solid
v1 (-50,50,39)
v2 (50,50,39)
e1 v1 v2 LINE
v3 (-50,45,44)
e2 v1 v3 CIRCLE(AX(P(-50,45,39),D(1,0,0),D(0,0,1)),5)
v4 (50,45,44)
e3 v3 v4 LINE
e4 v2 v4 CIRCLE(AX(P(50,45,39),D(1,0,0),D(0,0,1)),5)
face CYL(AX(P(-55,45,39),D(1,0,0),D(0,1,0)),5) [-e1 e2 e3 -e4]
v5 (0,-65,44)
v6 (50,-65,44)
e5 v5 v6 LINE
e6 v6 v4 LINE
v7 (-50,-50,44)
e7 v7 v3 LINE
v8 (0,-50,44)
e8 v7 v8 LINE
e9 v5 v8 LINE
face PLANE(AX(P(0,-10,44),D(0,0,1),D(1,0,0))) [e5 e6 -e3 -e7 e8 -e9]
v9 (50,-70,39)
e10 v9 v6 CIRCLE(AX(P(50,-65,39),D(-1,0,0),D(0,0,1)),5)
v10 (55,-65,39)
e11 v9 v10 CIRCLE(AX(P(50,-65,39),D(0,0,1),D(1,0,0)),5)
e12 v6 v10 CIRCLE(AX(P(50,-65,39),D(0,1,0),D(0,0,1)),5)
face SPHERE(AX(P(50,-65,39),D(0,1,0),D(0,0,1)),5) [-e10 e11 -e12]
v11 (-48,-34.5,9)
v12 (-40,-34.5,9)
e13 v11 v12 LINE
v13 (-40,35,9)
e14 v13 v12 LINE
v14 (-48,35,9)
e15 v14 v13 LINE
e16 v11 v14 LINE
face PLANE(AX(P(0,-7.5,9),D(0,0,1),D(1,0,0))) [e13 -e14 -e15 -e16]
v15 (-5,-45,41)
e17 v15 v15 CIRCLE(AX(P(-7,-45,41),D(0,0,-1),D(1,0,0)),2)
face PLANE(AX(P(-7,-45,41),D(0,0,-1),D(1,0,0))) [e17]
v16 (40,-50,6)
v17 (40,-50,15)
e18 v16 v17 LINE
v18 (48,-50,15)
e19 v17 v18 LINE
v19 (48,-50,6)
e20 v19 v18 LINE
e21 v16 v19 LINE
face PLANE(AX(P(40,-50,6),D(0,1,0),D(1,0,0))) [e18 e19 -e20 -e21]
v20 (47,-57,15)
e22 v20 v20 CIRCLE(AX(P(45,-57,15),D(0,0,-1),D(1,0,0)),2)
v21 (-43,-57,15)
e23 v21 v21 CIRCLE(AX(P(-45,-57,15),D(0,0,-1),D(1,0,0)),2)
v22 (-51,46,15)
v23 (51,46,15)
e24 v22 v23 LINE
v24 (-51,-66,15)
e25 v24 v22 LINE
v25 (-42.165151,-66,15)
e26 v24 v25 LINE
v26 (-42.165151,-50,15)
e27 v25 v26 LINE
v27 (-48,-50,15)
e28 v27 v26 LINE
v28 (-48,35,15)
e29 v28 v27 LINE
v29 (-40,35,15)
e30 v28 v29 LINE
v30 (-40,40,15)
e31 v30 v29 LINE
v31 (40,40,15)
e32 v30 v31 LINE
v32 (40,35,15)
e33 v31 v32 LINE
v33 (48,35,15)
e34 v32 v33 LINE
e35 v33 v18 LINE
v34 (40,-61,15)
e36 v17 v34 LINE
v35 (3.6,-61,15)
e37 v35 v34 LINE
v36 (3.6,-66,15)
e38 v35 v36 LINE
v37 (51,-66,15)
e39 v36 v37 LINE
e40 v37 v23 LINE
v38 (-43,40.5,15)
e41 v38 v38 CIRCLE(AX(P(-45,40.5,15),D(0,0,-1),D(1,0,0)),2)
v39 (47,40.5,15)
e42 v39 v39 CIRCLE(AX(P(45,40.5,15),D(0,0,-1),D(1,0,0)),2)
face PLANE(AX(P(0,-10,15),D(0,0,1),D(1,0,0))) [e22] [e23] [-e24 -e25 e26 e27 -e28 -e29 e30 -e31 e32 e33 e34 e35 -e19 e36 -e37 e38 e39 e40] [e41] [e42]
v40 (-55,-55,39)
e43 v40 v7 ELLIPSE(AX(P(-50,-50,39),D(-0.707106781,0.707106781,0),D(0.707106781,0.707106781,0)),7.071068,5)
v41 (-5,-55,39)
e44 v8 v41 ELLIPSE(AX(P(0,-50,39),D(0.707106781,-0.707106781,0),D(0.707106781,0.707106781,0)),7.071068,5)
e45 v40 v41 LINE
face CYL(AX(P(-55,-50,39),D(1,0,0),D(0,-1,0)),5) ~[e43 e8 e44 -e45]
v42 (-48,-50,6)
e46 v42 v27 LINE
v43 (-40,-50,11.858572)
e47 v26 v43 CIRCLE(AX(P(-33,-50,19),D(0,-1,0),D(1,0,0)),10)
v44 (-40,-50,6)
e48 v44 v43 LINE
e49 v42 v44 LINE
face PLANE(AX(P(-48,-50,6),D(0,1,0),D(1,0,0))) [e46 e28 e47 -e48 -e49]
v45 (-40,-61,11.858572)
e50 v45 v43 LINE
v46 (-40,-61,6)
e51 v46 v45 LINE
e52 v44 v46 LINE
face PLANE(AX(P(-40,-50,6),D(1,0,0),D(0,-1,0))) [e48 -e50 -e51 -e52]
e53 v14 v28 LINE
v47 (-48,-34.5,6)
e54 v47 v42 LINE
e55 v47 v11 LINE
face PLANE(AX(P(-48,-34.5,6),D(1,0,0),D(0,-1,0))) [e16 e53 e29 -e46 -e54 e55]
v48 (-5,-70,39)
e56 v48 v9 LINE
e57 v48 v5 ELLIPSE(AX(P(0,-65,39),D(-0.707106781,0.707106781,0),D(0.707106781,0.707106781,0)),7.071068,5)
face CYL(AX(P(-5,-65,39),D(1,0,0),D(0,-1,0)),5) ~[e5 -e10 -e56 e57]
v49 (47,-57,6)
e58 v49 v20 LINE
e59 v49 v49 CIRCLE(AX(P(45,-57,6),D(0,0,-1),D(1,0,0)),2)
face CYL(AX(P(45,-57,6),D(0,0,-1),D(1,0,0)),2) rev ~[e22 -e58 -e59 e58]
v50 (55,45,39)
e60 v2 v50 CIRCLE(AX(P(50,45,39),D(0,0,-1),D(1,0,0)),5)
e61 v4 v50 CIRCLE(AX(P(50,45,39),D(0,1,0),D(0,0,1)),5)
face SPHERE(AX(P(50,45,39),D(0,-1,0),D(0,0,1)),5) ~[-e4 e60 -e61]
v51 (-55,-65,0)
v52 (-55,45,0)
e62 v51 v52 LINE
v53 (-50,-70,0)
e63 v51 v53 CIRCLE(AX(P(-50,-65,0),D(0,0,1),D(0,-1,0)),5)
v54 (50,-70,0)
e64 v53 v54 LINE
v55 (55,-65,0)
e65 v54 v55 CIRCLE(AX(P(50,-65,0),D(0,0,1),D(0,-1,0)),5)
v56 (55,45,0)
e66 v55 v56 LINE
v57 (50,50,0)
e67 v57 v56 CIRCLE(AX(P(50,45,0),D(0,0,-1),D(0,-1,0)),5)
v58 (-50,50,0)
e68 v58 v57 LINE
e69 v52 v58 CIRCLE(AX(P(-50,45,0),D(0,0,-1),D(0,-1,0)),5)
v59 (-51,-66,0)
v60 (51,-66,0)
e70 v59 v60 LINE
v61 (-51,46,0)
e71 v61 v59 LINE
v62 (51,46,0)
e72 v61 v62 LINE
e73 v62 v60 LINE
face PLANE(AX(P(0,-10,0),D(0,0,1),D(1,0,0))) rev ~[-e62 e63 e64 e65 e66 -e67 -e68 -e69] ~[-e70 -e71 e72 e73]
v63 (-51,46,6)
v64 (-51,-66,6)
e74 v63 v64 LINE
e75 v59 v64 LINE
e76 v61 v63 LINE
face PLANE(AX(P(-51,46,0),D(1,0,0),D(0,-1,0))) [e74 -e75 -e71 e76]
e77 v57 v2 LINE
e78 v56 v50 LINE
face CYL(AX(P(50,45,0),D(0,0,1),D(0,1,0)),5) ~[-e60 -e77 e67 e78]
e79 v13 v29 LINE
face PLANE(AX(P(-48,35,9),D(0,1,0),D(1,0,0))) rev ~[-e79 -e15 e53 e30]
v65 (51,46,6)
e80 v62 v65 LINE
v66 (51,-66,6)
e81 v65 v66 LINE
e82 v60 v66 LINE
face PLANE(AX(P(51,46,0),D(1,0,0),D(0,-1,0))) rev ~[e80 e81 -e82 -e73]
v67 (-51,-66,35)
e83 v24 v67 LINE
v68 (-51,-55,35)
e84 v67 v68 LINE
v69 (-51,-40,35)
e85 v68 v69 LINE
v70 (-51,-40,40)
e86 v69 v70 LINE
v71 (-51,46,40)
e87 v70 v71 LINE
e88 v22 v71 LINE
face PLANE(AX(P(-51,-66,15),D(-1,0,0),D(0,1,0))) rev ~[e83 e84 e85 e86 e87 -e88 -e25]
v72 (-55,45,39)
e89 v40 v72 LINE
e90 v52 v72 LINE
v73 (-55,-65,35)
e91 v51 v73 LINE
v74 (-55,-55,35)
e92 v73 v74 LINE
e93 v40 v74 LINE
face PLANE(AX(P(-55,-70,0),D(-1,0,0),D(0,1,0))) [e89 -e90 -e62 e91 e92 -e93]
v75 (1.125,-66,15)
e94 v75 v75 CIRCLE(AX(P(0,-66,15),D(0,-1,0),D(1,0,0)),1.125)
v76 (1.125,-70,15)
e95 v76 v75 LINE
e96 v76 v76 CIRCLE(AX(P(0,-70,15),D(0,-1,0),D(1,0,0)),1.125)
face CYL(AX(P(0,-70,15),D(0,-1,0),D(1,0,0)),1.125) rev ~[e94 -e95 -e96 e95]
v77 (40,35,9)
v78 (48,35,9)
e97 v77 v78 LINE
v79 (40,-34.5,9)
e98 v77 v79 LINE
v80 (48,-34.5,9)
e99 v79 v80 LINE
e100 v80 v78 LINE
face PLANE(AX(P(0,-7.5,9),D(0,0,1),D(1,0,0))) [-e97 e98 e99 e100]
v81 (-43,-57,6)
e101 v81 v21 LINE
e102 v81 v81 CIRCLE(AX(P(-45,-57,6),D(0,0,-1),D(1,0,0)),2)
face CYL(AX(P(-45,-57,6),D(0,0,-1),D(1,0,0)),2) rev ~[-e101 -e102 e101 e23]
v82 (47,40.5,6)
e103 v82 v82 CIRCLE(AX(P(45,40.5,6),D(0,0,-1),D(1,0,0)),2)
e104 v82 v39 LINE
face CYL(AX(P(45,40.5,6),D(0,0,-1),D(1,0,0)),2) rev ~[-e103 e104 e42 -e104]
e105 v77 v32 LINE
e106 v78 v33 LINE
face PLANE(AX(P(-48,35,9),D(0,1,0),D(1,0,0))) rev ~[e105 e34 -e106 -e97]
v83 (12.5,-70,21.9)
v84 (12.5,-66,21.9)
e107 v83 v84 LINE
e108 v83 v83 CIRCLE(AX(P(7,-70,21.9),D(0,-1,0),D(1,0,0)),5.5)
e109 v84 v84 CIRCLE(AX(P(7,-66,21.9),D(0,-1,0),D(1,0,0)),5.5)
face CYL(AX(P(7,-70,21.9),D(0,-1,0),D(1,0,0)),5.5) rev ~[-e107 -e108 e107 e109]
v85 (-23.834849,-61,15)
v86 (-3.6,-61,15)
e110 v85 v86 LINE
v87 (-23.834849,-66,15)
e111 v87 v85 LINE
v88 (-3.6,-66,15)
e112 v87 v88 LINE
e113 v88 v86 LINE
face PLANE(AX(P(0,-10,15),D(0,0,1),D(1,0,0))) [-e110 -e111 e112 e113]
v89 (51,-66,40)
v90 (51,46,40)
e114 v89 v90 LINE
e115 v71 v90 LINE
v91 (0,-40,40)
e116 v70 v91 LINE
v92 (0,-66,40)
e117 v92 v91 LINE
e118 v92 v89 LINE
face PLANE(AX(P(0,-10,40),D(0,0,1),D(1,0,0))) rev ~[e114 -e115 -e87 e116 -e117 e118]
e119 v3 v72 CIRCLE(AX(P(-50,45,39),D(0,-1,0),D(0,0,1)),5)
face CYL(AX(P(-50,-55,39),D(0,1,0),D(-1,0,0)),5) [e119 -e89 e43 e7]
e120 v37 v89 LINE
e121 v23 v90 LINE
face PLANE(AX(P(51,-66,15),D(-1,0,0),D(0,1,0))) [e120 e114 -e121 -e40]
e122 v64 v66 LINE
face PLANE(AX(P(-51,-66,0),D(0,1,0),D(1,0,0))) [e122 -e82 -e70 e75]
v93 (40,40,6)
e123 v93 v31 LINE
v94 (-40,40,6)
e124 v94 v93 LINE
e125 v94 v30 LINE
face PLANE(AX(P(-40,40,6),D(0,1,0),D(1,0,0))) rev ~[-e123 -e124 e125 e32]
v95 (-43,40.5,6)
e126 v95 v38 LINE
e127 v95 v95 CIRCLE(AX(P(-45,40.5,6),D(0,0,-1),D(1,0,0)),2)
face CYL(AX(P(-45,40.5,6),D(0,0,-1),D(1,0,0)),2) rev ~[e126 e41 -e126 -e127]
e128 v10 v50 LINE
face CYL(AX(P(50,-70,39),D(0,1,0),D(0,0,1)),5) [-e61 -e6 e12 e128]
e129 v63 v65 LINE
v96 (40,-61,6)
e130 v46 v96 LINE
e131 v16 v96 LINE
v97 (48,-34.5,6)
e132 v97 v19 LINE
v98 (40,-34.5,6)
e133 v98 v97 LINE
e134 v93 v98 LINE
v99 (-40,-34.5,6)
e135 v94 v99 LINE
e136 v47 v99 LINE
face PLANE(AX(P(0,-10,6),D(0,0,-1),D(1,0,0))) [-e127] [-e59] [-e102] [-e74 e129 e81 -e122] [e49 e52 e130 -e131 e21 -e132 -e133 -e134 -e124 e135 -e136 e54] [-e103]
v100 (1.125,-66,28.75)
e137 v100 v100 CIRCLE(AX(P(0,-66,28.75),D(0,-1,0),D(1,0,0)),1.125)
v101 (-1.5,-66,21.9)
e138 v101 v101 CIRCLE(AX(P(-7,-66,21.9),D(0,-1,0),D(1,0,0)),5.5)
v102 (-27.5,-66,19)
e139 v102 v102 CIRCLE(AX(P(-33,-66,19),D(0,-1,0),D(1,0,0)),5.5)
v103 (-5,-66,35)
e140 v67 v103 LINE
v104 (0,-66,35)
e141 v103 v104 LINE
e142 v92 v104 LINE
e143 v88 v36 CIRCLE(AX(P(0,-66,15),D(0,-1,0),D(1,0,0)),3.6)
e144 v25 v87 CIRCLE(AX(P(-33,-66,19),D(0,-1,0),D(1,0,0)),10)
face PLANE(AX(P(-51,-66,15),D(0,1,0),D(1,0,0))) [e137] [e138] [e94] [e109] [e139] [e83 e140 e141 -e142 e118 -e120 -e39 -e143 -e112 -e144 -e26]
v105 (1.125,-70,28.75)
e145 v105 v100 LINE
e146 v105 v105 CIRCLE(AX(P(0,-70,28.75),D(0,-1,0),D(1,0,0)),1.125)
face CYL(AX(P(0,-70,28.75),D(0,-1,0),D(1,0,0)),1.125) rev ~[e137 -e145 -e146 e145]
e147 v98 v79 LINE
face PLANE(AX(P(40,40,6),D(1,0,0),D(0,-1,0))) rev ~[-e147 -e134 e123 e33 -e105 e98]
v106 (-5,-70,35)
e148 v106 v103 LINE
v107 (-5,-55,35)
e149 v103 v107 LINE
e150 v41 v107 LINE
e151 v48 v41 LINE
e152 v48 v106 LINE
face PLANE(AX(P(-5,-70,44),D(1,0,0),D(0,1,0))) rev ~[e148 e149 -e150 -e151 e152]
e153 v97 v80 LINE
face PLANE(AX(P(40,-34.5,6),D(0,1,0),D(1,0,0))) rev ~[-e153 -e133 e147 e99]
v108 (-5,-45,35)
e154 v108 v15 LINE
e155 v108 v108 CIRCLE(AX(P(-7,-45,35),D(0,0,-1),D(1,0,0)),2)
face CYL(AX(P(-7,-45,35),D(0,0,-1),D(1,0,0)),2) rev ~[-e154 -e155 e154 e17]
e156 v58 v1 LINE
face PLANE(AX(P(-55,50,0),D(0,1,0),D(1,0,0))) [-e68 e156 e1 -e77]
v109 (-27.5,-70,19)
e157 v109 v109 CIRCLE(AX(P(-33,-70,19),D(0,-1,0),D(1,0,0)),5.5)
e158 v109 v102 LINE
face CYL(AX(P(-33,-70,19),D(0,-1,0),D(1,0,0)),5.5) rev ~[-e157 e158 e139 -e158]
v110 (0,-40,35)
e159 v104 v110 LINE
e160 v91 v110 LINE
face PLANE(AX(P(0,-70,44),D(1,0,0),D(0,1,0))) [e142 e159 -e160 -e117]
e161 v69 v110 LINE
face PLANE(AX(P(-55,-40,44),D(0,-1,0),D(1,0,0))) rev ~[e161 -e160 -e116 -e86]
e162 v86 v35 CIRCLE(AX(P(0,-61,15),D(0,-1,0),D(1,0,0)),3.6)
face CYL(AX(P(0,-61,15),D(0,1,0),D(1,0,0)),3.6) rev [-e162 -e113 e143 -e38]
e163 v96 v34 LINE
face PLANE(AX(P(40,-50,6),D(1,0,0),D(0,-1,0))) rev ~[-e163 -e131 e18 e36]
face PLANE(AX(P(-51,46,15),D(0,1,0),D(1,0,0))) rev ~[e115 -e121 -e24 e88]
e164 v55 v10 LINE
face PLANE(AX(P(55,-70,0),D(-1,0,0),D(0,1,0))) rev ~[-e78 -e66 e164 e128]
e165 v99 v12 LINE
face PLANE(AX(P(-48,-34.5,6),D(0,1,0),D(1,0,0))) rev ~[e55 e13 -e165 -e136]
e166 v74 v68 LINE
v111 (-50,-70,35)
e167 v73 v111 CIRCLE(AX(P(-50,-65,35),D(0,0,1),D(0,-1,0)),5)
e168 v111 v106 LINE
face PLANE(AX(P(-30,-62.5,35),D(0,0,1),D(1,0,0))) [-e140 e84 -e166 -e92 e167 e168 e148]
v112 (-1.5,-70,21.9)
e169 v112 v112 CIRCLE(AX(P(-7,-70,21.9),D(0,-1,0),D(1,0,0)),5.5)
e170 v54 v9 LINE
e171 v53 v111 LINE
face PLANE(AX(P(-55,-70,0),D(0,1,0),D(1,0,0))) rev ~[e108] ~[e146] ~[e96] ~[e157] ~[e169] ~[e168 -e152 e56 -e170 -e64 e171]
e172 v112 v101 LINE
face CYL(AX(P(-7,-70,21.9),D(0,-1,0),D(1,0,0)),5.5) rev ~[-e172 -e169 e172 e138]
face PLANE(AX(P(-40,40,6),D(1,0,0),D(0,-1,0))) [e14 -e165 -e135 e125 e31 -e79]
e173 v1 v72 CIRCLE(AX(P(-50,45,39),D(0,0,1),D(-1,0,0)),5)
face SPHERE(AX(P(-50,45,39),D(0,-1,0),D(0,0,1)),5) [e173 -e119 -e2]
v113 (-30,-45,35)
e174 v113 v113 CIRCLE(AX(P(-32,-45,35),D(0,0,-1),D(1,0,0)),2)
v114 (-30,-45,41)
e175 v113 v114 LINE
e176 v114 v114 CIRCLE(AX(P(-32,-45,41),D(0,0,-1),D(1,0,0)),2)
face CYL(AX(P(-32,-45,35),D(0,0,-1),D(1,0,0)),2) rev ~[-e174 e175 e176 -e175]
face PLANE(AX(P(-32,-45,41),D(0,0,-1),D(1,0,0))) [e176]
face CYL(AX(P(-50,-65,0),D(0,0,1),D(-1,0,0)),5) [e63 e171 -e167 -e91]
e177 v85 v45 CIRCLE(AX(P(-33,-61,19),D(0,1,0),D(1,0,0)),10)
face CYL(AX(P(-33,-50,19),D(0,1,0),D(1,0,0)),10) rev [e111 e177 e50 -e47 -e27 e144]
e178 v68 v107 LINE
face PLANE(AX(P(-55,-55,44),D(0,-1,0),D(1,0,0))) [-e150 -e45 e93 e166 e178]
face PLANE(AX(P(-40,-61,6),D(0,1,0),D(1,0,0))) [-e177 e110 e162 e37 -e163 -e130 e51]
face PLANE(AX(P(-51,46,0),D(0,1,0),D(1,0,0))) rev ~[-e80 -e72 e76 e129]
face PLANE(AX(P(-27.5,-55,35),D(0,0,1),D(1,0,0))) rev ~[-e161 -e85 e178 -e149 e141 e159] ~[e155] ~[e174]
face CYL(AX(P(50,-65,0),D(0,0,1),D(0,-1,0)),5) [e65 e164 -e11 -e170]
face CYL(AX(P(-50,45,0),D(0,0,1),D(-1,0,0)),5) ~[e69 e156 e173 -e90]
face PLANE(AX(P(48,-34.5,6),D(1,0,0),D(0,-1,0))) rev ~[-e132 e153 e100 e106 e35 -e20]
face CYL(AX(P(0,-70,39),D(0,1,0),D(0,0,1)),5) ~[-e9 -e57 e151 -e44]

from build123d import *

# Parameters (mm, degrees)
SKETCH001_W       = 110
SKETCH001_H       = 120
PAD005_DEPTH      = 44
SKETCH002_W       = 102
SKETCH002_H       = 112
POCKET002_DEPTH   = 6
SKETCH010_R       = 2
SKETCH010_W       = 80
SKETCH010_H       = 101
SKETCH010_W_2     = 96
SKETCH010_H_2     = 15.5
POCKET003_DEPTH   = 10
SKETCH011_W       = 96
SKETCH011_H       = 85
POCKET004_DEPTH   = 7
SKETCH012_W       = 102
SKETCH012_H       = 112
POCKET005_DEPTH   = 25
SKETCH014_W       = 55
SKETCH014_H       = 30
PAD006_DEPTH      = 9
SKETCH013_W       = 50
SKETCH013_H       = 15
POCKET006_DEPTH   = 9
FILLET_R          = 5
SKETCH015_R       = 2
POCKET007_DEPTH   = 6
CYLINDER003_R     = 3.6
CYLINDER003_DEPTH = 5
CYLINDER004_R     = 10
CYLINDER004_DEPTH = 16
SKETCH016_R       = 5.5
SKETCH016_R_2     = 1.125
POCKET008_DEPTH   = 4


with BuildPart() as part:
    # Sketch001 → Pad005 (new body)
    with BuildSketch(Plane.XY):
        with Locations((0, -10)):
            Rectangle(SKETCH001_W, SKETCH001_H)
    extrude(amount=PAD005_DEPTH)

    # Sketch002 (on Face5 of Pad005) → Pocket002 (cut)
    with BuildSketch(Plane(origin=(0, 0, 0), x_dir=(1, 0, 0), z_dir=(0, 0, -1))):
        with Locations((0, 10)):
            Rectangle(SKETCH002_W, SKETCH002_H)
    extrude(amount=-POCKET002_DEPTH, mode=Mode.SUBTRACT)

    # Sketch010 (on Face11 of Pocket002) → Pocket003 (cut)
    with BuildSketch(Plane(origin=(0, 0, 6), x_dir=(1, 0, 0), z_dir=(0, 0, -1))):
        with Locations((-45, 57)):
            Circle(SKETCH010_R)
        with Locations((45, 57)):
            Circle(SKETCH010_R)
        with Locations((45, -40.5)):
            Circle(SKETCH010_R)
        with Locations((-45, -40.5)):
            Circle(SKETCH010_R)
        with Locations((0, 10.5)):
            Rectangle(SKETCH010_W, SKETCH010_H)
        with Locations((0, 42.25)):
            Rectangle(SKETCH010_W_2, SKETCH010_H_2)
    extrude(amount=-POCKET003_DEPTH, mode=Mode.SUBTRACT)

    # Sketch011 → Pocket004 (cut)
    with BuildSketch(Plane.XY.offset(9)):
        with Locations((0, -7.5)):
            Rectangle(SKETCH011_W, SKETCH011_H)
    extrude(amount=POCKET004_DEPTH, mode=Mode.SUBTRACT)

    # Sketch012 → Pocket005 (cut)
    with BuildSketch(Plane.XY.offset(15)):
        with Locations((0, -10)):
            Rectangle(SKETCH012_W, SKETCH012_H)
    extrude(amount=POCKET005_DEPTH, mode=Mode.SUBTRACT)

    # Sketch014 (on Face5 of Pocket005) → Pad006 (join)
    with BuildSketch(Plane.XY.offset(44)):
        with Locations((-27.5, -55)):
            Rectangle(SKETCH014_W, SKETCH014_H)
    extrude(amount=-PAD006_DEPTH)

    # Sketch013 (on Face5 of Pocket005) → Pocket006 (cut)
    with BuildSketch(Plane.XY.offset(44)):
        with Locations((-30, -62.5)):
            Rectangle(SKETCH013_W, SKETCH013_H)
    extrude(amount=-POCKET006_DEPTH, mode=Mode.SUBTRACT)

    # Fillet
    fillet_edges = [part.edges().sort_by_distance(p)[0] for p in [
        (55, -10, 44),
        (25, -70, 44),
        (-5, -62.5, 44),
        (-30, -55, 44),
        (-55, -2.5, 44),
        (0, 50, 44),
        (-55, 50, 22),
        (-55, -70, 17.5),
        (55, -70, 22),
        (55, 50, 22),
    ]]
    fillet(fillet_edges, radius=FILLET_R)

    # Sketch015 (on Face26 of Fillet) → Pocket007 (cut)
    with BuildSketch(Plane(origin=(0, 0, 35), x_dir=(1, 0, 0), z_dir=(0, 0, -1))):
        with Locations((-7, 45)):
            Circle(SKETCH015_R)
        with Locations((-32, 45)):
            Circle(SKETCH015_R)
    extrude(amount=-POCKET007_DEPTH, mode=Mode.SUBTRACT)

    # Cylinder003 → Cylinder003 (cut)
    with BuildSketch(Plane(origin=(0, -61, 15), x_dir=(1, 0, 0), z_dir=(0, -1, 0))):
        Circle(CYLINDER003_R)
    extrude(amount=CYLINDER003_DEPTH, mode=Mode.SUBTRACT)

    # Cylinder004 → Cylinder004 (cut)
    with BuildSketch(Plane(origin=(-33, -50, 19), x_dir=(1, 0, 0), z_dir=(0, -1, 0))):
        Circle(CYLINDER004_R)
    extrude(amount=CYLINDER004_DEPTH, mode=Mode.SUBTRACT)

    # Sketch016 (on Face6 of Pocket007) → Pocket008 (cut)
    with BuildSketch(Plane.XZ.offset(70)):
        with Locations((-7, 21.9)):
            Circle(SKETCH016_R)
        with Locations((7, 21.9)):
            Circle(SKETCH016_R)
        with Locations((0, 28.75)):
            Circle(SKETCH016_R_2)
        with Locations((0, 15)):
            Circle(SKETCH016_R_2)
        with Locations((-33, 19)):
            Circle(SKETCH016_R)
    extrude(amount=-POCKET008_DEPTH, mode=Mode.SUBTRACT)


solid = part.part
